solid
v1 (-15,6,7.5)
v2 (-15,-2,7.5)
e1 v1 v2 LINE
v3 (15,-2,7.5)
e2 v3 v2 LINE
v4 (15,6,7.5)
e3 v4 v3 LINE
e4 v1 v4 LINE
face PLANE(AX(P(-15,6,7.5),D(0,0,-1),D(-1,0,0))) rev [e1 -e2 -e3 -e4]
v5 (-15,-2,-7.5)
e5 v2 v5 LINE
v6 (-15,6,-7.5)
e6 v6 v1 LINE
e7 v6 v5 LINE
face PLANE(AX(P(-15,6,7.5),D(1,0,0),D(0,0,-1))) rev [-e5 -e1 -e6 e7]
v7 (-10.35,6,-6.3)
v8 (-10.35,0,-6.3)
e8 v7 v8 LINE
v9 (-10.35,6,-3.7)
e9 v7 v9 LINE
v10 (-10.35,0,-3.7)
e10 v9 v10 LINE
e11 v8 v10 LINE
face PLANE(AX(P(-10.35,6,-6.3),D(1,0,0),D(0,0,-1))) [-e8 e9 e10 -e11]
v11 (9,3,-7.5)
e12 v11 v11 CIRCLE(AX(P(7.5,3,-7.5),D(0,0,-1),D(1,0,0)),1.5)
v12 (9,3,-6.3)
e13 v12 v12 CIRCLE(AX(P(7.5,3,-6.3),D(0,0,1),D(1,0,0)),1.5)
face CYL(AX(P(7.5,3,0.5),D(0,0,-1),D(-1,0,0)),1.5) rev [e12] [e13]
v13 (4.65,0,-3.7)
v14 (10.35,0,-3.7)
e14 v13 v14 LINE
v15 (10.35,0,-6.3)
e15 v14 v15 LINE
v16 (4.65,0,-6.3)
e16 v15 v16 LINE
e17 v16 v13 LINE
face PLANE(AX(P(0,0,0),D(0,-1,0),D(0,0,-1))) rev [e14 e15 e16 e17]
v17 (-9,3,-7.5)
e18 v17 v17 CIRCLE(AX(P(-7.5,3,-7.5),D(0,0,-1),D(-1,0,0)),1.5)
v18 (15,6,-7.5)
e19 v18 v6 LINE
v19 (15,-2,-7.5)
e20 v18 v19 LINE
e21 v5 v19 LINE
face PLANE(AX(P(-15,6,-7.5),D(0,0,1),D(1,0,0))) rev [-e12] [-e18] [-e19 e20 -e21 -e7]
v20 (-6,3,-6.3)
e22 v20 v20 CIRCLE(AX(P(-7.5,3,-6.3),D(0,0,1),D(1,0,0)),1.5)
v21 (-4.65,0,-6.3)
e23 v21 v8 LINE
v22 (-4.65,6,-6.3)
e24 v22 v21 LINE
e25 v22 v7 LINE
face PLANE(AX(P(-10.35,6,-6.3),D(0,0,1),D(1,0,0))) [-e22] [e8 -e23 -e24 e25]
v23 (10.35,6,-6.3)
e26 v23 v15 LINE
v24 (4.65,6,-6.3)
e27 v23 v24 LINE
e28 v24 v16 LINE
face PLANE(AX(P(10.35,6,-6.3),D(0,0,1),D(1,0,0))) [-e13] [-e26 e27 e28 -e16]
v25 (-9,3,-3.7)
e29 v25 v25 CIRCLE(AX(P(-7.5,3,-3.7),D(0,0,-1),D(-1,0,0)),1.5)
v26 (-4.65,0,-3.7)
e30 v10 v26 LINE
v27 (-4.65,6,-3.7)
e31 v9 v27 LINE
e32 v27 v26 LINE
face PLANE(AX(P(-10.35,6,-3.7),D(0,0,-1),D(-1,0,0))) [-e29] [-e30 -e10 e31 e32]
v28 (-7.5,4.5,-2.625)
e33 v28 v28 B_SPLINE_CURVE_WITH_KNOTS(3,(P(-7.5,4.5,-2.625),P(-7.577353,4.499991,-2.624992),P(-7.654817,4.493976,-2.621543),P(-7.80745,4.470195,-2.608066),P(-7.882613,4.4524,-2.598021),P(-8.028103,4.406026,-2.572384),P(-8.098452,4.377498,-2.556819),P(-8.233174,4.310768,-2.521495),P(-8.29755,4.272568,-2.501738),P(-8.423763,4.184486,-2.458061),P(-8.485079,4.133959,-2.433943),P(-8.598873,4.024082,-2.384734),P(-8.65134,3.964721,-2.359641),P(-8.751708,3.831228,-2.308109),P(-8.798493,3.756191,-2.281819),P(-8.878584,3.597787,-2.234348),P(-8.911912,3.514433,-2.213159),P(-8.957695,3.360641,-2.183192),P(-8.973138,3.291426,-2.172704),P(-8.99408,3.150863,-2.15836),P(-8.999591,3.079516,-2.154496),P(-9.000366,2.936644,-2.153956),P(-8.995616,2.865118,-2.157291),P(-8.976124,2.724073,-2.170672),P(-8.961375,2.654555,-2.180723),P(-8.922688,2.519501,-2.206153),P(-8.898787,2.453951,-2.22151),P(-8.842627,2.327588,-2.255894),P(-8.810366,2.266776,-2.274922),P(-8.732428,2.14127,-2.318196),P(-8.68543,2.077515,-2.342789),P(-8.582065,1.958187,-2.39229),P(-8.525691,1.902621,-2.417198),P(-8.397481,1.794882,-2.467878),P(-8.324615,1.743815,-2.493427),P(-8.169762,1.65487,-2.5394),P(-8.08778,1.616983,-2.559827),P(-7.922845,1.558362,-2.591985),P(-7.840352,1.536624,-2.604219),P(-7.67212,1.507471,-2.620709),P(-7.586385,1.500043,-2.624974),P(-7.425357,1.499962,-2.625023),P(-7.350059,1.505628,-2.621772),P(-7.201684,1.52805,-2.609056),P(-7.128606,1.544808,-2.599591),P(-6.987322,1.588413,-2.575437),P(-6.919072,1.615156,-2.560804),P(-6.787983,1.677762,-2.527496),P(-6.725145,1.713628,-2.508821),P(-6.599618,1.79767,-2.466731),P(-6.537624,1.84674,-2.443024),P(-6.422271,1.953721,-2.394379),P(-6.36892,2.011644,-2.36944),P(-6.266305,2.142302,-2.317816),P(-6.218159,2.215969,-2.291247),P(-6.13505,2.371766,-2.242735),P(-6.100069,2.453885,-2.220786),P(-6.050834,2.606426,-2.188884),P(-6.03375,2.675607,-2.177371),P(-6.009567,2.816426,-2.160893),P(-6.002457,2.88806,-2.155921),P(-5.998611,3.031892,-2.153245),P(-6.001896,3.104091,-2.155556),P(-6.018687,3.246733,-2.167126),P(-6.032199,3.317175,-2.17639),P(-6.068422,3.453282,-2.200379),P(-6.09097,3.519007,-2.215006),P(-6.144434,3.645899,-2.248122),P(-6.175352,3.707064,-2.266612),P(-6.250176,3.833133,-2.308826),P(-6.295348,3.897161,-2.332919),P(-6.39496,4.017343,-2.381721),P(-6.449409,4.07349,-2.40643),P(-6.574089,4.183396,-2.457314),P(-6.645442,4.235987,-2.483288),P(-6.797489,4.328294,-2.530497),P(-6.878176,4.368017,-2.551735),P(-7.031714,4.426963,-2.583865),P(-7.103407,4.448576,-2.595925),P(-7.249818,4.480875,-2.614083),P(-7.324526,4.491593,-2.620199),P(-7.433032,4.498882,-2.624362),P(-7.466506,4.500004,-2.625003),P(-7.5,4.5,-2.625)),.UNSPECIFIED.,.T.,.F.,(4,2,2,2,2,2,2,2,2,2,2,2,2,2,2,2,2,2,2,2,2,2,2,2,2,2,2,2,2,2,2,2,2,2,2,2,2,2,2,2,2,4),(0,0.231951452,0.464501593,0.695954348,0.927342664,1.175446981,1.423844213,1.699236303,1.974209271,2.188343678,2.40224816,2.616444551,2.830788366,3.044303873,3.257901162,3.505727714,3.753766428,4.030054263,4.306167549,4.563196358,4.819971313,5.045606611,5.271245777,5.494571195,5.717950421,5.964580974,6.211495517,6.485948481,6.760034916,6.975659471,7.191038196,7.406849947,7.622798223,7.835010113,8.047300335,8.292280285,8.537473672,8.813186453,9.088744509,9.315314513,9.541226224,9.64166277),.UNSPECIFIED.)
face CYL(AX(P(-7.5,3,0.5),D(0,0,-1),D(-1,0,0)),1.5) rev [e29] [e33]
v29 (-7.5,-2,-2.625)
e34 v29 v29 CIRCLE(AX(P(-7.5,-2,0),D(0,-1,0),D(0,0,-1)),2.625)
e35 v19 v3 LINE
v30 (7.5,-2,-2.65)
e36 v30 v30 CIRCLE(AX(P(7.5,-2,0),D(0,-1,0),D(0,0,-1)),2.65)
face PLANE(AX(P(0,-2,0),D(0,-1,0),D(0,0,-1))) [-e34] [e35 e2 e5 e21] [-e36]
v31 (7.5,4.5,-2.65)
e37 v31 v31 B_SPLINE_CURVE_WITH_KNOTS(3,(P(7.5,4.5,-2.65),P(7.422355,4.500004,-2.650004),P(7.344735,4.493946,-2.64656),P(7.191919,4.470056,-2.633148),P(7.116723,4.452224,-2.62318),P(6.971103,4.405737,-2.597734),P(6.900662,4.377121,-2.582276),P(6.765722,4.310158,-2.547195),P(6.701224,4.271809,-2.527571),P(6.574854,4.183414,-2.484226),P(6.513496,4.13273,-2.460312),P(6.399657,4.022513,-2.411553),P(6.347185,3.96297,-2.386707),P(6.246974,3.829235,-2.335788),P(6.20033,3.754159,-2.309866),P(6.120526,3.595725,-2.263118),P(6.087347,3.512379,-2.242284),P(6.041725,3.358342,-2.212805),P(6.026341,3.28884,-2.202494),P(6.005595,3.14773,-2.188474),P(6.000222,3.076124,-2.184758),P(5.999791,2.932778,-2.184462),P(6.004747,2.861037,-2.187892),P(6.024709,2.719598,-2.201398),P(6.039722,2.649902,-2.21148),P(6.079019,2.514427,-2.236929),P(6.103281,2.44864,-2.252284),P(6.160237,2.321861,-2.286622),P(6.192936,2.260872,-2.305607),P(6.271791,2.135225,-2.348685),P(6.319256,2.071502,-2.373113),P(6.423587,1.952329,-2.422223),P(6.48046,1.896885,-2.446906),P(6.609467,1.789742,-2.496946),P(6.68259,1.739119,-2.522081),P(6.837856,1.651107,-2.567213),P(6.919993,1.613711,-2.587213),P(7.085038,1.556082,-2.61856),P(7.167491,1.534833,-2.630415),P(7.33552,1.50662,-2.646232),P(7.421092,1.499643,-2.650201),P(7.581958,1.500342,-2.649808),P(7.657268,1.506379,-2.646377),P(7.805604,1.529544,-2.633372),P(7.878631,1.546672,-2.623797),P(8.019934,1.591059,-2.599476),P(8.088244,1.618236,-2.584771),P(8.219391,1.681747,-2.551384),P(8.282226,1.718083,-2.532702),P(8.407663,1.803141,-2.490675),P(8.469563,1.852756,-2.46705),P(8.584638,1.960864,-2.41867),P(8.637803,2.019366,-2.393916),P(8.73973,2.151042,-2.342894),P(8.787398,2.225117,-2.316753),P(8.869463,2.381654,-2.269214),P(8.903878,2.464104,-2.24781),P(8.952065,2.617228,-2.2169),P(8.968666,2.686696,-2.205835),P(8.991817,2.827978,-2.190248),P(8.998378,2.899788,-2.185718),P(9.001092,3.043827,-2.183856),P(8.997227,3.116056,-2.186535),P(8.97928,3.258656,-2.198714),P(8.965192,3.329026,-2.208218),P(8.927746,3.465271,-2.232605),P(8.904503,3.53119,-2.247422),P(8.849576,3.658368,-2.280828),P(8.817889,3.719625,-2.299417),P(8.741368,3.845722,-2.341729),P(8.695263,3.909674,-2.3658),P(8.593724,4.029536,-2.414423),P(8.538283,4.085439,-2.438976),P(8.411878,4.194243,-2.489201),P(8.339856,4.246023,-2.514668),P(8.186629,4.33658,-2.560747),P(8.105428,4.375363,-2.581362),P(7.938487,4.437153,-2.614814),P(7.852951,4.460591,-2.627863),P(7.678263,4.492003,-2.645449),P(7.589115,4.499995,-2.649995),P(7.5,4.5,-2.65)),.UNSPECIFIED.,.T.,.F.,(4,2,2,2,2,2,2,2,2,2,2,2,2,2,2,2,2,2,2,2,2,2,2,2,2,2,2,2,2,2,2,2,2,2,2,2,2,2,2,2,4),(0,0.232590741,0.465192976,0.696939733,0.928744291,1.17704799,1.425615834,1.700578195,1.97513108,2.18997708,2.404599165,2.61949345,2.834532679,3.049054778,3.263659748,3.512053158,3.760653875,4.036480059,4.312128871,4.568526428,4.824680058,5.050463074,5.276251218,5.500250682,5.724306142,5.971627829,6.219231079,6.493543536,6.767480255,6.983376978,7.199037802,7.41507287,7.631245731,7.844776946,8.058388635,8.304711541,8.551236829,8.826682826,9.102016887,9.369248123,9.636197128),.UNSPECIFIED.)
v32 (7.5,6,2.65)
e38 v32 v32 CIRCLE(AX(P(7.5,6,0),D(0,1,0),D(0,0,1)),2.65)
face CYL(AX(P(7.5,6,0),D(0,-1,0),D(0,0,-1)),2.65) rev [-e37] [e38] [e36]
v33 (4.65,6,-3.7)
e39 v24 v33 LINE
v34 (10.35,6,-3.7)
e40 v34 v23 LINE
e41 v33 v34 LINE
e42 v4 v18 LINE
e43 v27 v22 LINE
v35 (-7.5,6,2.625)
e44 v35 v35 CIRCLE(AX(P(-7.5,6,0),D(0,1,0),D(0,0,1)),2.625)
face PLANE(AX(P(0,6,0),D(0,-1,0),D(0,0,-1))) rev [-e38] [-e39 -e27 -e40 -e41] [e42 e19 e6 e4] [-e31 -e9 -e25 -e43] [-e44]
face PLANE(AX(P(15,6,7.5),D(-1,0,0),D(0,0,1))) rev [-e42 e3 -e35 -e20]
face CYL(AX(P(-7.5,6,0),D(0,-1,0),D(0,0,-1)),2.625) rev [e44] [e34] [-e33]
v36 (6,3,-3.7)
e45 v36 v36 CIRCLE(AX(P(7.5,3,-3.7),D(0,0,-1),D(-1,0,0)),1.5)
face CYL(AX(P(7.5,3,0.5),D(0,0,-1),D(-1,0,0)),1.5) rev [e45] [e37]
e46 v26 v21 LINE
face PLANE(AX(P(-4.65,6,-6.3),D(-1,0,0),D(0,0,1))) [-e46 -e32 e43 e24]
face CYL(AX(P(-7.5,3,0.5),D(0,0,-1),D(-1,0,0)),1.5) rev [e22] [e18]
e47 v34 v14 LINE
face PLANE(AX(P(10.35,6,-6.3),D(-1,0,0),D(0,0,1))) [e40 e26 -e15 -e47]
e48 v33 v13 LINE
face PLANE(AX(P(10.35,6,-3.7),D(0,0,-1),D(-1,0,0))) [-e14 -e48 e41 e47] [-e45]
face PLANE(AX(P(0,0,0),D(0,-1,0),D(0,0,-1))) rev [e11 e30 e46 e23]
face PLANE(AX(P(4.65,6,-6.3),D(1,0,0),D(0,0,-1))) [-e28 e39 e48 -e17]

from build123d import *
from build123d.topology import SkipClean

# Parameters (mm, degrees)
SKETCH1_W           = 30
SKETCH1_H           = 15
SKETCH1_R           = 2.625
SKETCH1_R_2         = 2.65
SKETCH1_W_2         = 5.7
SKETCH1_H_2         = 2.6
BOSS_EXTRUDE1_DEPTH = 6
SKETCH3_R           = 1.5
CUT_EXTRUDE1_DEPTH  = 8
BOSS_EXTRUDE2_START = 2
SKETCH4_W           = 30
SKETCH4_H           = 15
SKETCH4_R           = 2.625
SKETCH4_R_2         = 2.65
BOSS_EXTRUDE2_DEPTH = 2


with BuildPart() as part:
    # Sketch1 → Boss-Extrude1 (new body)
    with BuildSketch(Plane(origin=(0, 0, 0), x_dir=(1, 0, 0), z_dir=(0, 1, 0))):
        Rectangle(SKETCH1_W, SKETCH1_H)
        with Locations(Location((-7.5, 0, 0), (0, 0, 270))):
            Circle(SKETCH1_R, mode=Mode.SUBTRACT)
        with Locations(Location((7.5, 0, 0), (0, 0, 270))):
            Circle(SKETCH1_R_2, mode=Mode.SUBTRACT)
        with Locations((-7.5, 5)):
            Rectangle(SKETCH1_W_2, SKETCH1_H_2, mode=Mode.SUBTRACT)
        with Locations((7.5, 5)):
            Rectangle(SKETCH1_W_2, SKETCH1_H_2, mode=Mode.SUBTRACT)
    extrude(amount=BOSS_EXTRUDE1_DEPTH)

    # Sketch3 → Cut-Extrude1 (cut)
    with BuildSketch(Plane(origin=(0, 0, -7.5), x_dir=(-1, 0, 0), z_dir=(0, 0, -1))):
        with Locations((7.5, 3)):
            Circle(SKETCH3_R)
        with Locations((-7.5, 3)):
            Circle(SKETCH3_R)
    extrude(amount=-CUT_EXTRUDE1_DEPTH, mode=Mode.SUBTRACT)

    # Sketch4 → Boss-Extrude2 (add)
    with SkipClean():  # the faces are left unmerged after this step: merging them gives an invalid solid
        with BuildSketch(Plane.XZ.offset(BOSS_EXTRUDE2_START)):
            Rectangle(SKETCH4_W, SKETCH4_H)
            with Locations(Location((-7.5, 0, 0), (0, 0, 270))):
                Circle(SKETCH4_R, mode=Mode.SUBTRACT)
            with Locations(Location((7.5, 0, 0), (0, 0, 270))):
                Circle(SKETCH4_R_2, mode=Mode.SUBTRACT)
        extrude(amount=-BOSS_EXTRUDE2_DEPTH)


solid = part.part
